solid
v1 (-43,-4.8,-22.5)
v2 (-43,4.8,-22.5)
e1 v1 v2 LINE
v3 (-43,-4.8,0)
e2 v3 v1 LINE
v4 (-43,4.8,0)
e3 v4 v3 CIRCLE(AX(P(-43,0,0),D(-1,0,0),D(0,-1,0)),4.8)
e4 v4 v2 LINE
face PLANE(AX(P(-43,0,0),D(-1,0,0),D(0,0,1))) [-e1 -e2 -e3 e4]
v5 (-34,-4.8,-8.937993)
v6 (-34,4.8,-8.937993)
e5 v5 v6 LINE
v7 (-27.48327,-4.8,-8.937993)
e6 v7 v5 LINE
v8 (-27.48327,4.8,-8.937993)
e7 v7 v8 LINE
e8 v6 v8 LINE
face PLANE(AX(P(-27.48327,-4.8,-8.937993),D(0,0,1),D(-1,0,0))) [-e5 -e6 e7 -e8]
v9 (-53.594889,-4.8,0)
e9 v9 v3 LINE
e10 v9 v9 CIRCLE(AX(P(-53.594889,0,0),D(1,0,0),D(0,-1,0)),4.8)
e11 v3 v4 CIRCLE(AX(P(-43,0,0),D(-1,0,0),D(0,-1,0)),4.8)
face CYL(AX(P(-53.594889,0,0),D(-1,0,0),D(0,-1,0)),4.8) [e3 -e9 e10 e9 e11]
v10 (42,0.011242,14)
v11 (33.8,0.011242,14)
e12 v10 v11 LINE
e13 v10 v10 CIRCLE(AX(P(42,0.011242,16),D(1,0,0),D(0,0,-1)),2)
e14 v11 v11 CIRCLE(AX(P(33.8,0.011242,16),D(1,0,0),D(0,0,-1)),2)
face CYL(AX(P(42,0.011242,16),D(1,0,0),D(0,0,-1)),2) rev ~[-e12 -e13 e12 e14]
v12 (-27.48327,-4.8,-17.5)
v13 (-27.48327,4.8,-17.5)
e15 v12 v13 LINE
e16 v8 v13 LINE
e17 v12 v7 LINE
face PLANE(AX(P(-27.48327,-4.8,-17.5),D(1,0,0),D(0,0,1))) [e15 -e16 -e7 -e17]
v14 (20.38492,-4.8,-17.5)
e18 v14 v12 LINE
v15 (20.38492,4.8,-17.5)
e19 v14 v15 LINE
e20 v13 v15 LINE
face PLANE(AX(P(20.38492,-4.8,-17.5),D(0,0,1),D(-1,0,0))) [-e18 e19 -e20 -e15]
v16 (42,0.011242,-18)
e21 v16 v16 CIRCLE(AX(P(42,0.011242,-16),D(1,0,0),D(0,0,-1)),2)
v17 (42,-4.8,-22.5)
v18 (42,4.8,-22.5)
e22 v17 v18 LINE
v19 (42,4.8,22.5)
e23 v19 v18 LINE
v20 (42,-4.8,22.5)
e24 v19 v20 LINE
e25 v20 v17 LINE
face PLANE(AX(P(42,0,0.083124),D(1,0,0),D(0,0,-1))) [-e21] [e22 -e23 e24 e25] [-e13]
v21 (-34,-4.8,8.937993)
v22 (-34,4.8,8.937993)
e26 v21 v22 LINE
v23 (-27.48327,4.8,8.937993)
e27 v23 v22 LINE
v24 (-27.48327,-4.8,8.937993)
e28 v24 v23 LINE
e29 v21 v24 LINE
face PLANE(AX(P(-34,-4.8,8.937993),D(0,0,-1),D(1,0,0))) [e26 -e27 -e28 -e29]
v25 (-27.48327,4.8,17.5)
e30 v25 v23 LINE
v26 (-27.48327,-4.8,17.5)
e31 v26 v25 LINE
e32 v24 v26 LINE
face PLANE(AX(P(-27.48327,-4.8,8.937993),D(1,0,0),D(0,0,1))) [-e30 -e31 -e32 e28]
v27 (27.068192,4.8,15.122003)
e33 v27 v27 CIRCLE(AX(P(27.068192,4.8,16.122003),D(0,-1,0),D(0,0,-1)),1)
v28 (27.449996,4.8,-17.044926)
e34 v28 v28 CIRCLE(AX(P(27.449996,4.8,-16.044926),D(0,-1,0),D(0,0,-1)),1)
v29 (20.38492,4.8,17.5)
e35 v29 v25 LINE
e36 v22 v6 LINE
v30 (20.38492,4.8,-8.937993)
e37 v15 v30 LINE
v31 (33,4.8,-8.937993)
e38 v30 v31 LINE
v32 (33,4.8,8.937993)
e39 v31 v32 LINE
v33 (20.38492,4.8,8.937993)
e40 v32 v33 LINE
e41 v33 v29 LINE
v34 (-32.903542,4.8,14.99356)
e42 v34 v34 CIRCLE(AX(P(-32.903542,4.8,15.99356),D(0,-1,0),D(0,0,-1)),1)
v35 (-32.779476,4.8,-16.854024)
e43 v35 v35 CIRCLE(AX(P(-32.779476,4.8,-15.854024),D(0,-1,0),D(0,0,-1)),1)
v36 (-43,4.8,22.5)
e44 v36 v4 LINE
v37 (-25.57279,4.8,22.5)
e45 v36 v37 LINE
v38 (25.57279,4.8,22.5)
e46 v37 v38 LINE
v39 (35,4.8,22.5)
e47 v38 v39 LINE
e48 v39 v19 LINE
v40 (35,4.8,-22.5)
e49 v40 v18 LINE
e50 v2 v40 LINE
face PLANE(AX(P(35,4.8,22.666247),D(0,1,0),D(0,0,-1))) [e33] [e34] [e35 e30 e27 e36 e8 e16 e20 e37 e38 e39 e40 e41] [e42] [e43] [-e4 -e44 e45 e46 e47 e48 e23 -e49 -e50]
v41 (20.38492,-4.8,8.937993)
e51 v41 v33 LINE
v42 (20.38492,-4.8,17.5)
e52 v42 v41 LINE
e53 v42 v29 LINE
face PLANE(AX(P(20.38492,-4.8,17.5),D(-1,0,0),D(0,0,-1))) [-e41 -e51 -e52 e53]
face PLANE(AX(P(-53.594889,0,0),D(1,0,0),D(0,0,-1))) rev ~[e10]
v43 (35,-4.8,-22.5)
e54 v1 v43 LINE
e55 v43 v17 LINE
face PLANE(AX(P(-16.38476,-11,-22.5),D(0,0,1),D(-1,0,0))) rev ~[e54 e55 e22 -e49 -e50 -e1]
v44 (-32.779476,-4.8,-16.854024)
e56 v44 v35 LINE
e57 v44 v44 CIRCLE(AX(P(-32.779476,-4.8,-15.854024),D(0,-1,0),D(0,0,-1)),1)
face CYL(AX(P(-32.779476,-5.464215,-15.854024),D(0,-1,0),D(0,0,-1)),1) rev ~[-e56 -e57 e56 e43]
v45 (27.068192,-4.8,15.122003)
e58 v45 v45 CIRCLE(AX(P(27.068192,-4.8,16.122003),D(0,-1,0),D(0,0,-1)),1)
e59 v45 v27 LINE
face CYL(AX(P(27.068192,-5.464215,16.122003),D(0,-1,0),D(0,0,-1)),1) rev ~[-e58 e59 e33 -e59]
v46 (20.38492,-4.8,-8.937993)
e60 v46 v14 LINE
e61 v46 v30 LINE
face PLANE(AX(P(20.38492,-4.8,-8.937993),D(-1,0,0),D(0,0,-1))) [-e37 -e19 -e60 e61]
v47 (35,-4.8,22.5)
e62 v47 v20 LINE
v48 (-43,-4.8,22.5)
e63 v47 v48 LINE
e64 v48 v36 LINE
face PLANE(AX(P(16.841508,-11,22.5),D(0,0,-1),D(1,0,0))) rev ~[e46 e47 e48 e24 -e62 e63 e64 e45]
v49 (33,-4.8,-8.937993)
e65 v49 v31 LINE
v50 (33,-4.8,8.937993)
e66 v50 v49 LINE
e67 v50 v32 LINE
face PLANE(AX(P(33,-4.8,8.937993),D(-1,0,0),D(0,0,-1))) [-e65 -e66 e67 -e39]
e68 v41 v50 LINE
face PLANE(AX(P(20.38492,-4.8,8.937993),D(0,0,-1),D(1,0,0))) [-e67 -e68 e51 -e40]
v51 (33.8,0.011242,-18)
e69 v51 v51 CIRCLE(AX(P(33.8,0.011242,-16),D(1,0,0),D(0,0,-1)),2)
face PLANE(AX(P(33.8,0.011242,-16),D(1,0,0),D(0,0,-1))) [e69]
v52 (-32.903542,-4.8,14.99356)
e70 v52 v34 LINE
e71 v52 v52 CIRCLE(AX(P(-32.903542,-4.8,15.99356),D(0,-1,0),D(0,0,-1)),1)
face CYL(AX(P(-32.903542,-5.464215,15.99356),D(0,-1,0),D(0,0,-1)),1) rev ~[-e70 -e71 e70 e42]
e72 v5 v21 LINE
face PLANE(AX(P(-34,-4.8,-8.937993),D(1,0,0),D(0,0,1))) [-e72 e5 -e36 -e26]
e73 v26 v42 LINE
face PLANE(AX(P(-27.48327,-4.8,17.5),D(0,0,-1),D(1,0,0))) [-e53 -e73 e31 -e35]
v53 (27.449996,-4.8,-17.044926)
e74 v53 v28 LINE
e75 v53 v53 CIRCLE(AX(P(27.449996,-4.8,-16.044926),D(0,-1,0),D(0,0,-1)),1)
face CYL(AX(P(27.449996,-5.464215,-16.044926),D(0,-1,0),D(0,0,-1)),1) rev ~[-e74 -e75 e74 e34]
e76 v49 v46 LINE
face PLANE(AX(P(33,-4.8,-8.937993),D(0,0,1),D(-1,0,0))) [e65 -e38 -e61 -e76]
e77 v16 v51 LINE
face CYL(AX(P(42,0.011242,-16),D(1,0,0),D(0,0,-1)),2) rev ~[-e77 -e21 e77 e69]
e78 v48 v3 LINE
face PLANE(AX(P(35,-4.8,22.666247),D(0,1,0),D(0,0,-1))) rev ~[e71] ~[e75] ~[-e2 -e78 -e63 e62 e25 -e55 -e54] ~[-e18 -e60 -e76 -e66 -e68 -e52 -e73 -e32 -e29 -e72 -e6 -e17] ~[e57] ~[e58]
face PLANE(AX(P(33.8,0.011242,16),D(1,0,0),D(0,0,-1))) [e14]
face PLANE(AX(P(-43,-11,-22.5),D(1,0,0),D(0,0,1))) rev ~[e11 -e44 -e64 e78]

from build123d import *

# Parameters (mm, degrees)
SKETCH8_R               = 35
BOSS_EXTRUDE3_DEPTH     = 1
BOSS_EXTRUDE4_START     = -53.594889
SKETCH9_R               = 5
BOSS_EXTRUDE4_DEPTH     = 113.594889
CUT_EXTRUDE2_START      = -20.791267
SKETCH10_R              = 4
CUT_EXTRUDE2_DEPTH      = 20.791267
SKETCH11_R              = 1.5
CUT_EXTRUDE3_DEPTH      = 73.971936727
BOSS_EXTRUDE5_REACH     = 74.567
SKETCH13_W              = 88.883012554
SKETCH13_H              = 5.53578549
CUT_EXTRUDE4_DEPTH      = 110.338922716
SKETCH14_R              = 1
CUT_EXTRUDE5_DEPTH      = 71.019198384
SKETCH15_W              = 75.166178786
SKETCH15_H              = 0.46421451
SKETCH15_W_2            = 75.463979311
CUT_EXTRUDE6_DEPTH      = 109.72955086
CUT_EXTRUDE7_DEPTH      = 109.707210391
CUT_EXTRUDE7_DEPTH_BACK = 109.707210391
SKETCH16_W              = 74.883691919
SKETCH16_H              = 0.2
SKETCH17_W              = 45
SKETCH17_H              = 9.670623623
CUT_EXTRUDE8_DEPTH      = 25
SKETCH18_W              = 45.166247069
SKETCH18_H              = 9.6
BOSS_EXTRUDE6_DEPTH     = 7
SKETCH19_R              = 2
CUT_EXTRUDE9_DEPTH      = 8.2
SKETCH20_W              = 85
SKETCH20_H              = 13.048799846
SKETCH20_W_2            = 85.000162577
SKETCH20_H_2            = 13.925318183
CUT_EXTRUDE10_DEPTH     = 9.6
CUT_EXTRUDE11_DEPTH     = 59.913683698
SKETCH22_R              = 5
SKETCH22_R_2            = 4.8
CUT_EXTRUDE12_DEPTH     = 10.594889107


with BuildPart() as part:
    # Sketch1 → Revolve1 (revolve)
    with BuildSketch(Plane.XY):
        with BuildLine():
            Line((-32.912878475, 10), (-22.912878475, 10))
            ThreePointArc((-22.912878475, 10), (-25, 0), (-22.912878475, -10))
            Line((-22.912878475, -10), (-32.912878475, -10))
            ThreePointArc((-32.912878475, -10), (-34.398511152, 0), (-32.912878475, 10))
        make_face()
    revolve(axis=Axis((0, 0, 0), (0, 1, 0)))

    # Sketch8 → Boss-Extrude3 (add)
    with BuildSketch(Plane.XZ.offset(10)):
        with Locations(Location((0, 0, 0), (0, 0, 270))):
            Circle(SKETCH8_R)
    extrude(amount=BOSS_EXTRUDE3_DEPTH)

    # Sketch9 → Boss-Extrude4 (add)
    with BuildSketch(Plane(origin=(0, 0, 0), x_dir=(0, 0, -1), z_dir=(1, 0, 0)).offset(BOSS_EXTRUDE4_START)):
        Circle(SKETCH9_R)
    extrude(amount=BOSS_EXTRUDE4_DEPTH)

    # Sketch10 → Cut-Extrude2 (cut)
    with BuildSketch(Plane(origin=(60, 0, 0), x_dir=(0, 0, -1), z_dir=(1, 0, 0)).offset(CUT_EXTRUDE2_START)):
        Circle(SKETCH10_R)
    extrude(amount=CUT_EXTRUDE2_DEPTH, mode=Mode.SUBTRACT)

    # Sketch11 → Cut-Extrude3 (cut, through all)
    with BuildSketch(Plane(origin=(0, 0.188776478, -4.996435073), x_dir=(-1, 0, 0), z_dir=(0, 0.03775529554410709, -0.9992870146551377))):
        with Locations(Location((-55, 0, 0), (0, 0, 90))):
            Circle(SKETCH11_R)
    extrude(amount=-CUT_EXTRUDE3_DEPTH, mode=Mode.SUBTRACT)

    # Boss-Extrude5: up to this face of the body (flat: up to its plane)
    boss_extrude5_end = Plane(part.part.faces().sort_by_distance((31.981961692, 10, 0))[0])
    # Sketch12 → Boss-Extrude5 (add, up to the picked face)
    with BuildSketch(Plane.XZ.offset(11), mode=Mode.PRIVATE) as boss_extrude5_sk1:
        Polygon((-43, -22.5), (-43, 22.5), (-16.841508162, 22.5), (-16.841508162, 28.986561578), (16.841508162, 28.986561578), (16.841508162, 22.5), (35, 22.5), (35, -22.5), (16.384759584, -22.5), (16.384759584, -28.901286862), (-16.384759584, -28.901286862), (-16.384759584, -22.5), align=None)
    boss_extrude5_tool1 = split(extrude(boss_extrude5_sk1.sketch, amount=-BOSS_EXTRUDE5_REACH, mode=Mode.PRIVATE), bisect_by=boss_extrude5_end, keep=Keep.BOTH, mode=Mode.PRIVATE)
    add(boss_extrude5_tool1.solids().sort_by(Axis((-3.565032, -11, 0.05927), (0, 1, 0)))[0])

    # Sketch13 → Cut-Extrude4 (cut, through all)
    with BuildSketch(Plane.ZY.offset(43)):
        with Locations((0, -8.232107255)):
            Rectangle(SKETCH13_W, SKETCH13_H)
        with Locations((0, 8.232107255)):
            Rectangle(SKETCH13_W, SKETCH13_H)
    extrude(amount=-CUT_EXTRUDE4_DEPTH, mode=Mode.SUBTRACT)

    # Sketch14 → Cut-Extrude5 (cut, through all)
    with BuildSketch(Plane.XZ.offset(5.46421451)):
        with Locations(Location((-32.903541804, 15.993560443, 0), (0, 0, 270))):
            Circle(SKETCH14_R)
        with Locations(Location((-32.779476251, -15.854024353, 0), (0, 0, 270))):
            Circle(SKETCH14_R)
        with Locations(Location((27.068192394, 16.122002754, 0), (0, 0, 270))):
            Circle(SKETCH14_R)
        with Locations(Location((27.449995703, -16.044926007, 0), (0, 0, 270))):
            Circle(SKETCH14_R)
    extrude(amount=-CUT_EXTRUDE5_DEPTH, mode=Mode.SUBTRACT)

    # Sketch15 → Cut-Extrude6 (cut, through all)
    with BuildSketch(Plane.ZY.offset(43)):
        with Locations((-0.380582347, 5.232107255)):
            Rectangle(SKETCH15_W, SKETCH15_H)
        with Locations((0.06827951, -5.232107255)):
            Rectangle(SKETCH15_W_2, SKETCH15_H)
    extrude(amount=-CUT_EXTRUDE6_DEPTH, mode=Mode.SUBTRACT)

    # Sketch16 → Cut-Extrude7 (cut, two sides: drawn at the far end of the back side and taken through both)
    with BuildSketch(Plane.ZY.offset(43).offset(-CUT_EXTRUDE7_DEPTH_BACK)):
        with Locations((-0.578270867, 4.9)):
            Rectangle(SKETCH16_W, SKETCH16_H)
        with Locations((-0.578270867, -4.9)):
            Rectangle(SKETCH16_W, SKETCH16_H)
    extrude(amount=CUT_EXTRUDE7_DEPTH + CUT_EXTRUDE7_DEPTH_BACK, mode=Mode.SUBTRACT)

    # Sketch17 → Cut-Extrude8 (cut)
    with BuildSketch(Plane(origin=(35, 0, 0), x_dir=(0, 0, -1), z_dir=(1, 0, 0))):
        with Locations((0, 0.035311811)):
            Rectangle(SKETCH17_W, SKETCH17_H)
    extrude(amount=CUT_EXTRUDE8_DEPTH, mode=Mode.SUBTRACT)

    # Sketch18 → Boss-Extrude6 (add)
    with BuildSketch(Plane(origin=(35, 0, 0), x_dir=(0, 0, -1), z_dir=(1, 0, 0))):
        with Locations((-0.083123535, 0)):
            Rectangle(SKETCH18_W, SKETCH18_H)
    extrude(amount=BOSS_EXTRUDE6_DEPTH)

    # Sketch19 → Cut-Extrude9 (cut)
    with BuildSketch(Plane(origin=(42, 0, 0), x_dir=(0, 0, -1), z_dir=(1, 0, 0))):
        with Locations((-16, 0.011242039)):
            Circle(SKETCH19_R)
        with Locations((16, 0.011242039)):
            Circle(SKETCH19_R)
    extrude(amount=-CUT_EXTRUDE9_DEPTH, mode=Mode.SUBTRACT)

    # Sketch20 → Cut-Extrude10 (cut)
    with BuildSketch(Plane(origin=(0, 4.8, 0), x_dir=(1, 0, 0), z_dir=(0, 1, 0))):
        with Locations((-0.5, 29.024399923)):
            Rectangle(SKETCH20_W, SKETCH20_H)
        with Locations((-0.499918711, -29.462659092)):
            Rectangle(SKETCH20_W_2, SKETCH20_H_2)
    extrude(amount=-CUT_EXTRUDE10_DEPTH, mode=Mode.SUBTRACT)

    # Sketch21 → Cut-Extrude11 (cut, through all)
    with BuildSketch(Plane.XZ.offset(4.8)):
        Polygon((-34, -8.937993072), (-34, 8.937993072), (-27.4832705, 8.937993072), (-27.4832705, 17.5), (20.384920046, 17.5), (20.384920046, 8.937993072), (33, 8.937993072), (33, -8.937993072), (20.384920046, -8.937993072), (20.384920046, -17.5), (-27.4832705, -17.5), (-27.4832705, -8.937993072), align=None)
    extrude(amount=-CUT_EXTRUDE11_DEPTH, mode=Mode.SUBTRACT)

    # Sketch22 → Cut-Extrude12 (cut)
    with BuildSketch(Plane.ZY.offset(53.594889107)):
        Circle(SKETCH22_R)
        with Locations(Location((0, 0, 0), (0, 0, 270))):
            Circle(SKETCH22_R_2, mode=Mode.SUBTRACT)
    extrude(amount=-CUT_EXTRUDE12_DEPTH, mode=Mode.SUBTRACT)


solid = part.part
